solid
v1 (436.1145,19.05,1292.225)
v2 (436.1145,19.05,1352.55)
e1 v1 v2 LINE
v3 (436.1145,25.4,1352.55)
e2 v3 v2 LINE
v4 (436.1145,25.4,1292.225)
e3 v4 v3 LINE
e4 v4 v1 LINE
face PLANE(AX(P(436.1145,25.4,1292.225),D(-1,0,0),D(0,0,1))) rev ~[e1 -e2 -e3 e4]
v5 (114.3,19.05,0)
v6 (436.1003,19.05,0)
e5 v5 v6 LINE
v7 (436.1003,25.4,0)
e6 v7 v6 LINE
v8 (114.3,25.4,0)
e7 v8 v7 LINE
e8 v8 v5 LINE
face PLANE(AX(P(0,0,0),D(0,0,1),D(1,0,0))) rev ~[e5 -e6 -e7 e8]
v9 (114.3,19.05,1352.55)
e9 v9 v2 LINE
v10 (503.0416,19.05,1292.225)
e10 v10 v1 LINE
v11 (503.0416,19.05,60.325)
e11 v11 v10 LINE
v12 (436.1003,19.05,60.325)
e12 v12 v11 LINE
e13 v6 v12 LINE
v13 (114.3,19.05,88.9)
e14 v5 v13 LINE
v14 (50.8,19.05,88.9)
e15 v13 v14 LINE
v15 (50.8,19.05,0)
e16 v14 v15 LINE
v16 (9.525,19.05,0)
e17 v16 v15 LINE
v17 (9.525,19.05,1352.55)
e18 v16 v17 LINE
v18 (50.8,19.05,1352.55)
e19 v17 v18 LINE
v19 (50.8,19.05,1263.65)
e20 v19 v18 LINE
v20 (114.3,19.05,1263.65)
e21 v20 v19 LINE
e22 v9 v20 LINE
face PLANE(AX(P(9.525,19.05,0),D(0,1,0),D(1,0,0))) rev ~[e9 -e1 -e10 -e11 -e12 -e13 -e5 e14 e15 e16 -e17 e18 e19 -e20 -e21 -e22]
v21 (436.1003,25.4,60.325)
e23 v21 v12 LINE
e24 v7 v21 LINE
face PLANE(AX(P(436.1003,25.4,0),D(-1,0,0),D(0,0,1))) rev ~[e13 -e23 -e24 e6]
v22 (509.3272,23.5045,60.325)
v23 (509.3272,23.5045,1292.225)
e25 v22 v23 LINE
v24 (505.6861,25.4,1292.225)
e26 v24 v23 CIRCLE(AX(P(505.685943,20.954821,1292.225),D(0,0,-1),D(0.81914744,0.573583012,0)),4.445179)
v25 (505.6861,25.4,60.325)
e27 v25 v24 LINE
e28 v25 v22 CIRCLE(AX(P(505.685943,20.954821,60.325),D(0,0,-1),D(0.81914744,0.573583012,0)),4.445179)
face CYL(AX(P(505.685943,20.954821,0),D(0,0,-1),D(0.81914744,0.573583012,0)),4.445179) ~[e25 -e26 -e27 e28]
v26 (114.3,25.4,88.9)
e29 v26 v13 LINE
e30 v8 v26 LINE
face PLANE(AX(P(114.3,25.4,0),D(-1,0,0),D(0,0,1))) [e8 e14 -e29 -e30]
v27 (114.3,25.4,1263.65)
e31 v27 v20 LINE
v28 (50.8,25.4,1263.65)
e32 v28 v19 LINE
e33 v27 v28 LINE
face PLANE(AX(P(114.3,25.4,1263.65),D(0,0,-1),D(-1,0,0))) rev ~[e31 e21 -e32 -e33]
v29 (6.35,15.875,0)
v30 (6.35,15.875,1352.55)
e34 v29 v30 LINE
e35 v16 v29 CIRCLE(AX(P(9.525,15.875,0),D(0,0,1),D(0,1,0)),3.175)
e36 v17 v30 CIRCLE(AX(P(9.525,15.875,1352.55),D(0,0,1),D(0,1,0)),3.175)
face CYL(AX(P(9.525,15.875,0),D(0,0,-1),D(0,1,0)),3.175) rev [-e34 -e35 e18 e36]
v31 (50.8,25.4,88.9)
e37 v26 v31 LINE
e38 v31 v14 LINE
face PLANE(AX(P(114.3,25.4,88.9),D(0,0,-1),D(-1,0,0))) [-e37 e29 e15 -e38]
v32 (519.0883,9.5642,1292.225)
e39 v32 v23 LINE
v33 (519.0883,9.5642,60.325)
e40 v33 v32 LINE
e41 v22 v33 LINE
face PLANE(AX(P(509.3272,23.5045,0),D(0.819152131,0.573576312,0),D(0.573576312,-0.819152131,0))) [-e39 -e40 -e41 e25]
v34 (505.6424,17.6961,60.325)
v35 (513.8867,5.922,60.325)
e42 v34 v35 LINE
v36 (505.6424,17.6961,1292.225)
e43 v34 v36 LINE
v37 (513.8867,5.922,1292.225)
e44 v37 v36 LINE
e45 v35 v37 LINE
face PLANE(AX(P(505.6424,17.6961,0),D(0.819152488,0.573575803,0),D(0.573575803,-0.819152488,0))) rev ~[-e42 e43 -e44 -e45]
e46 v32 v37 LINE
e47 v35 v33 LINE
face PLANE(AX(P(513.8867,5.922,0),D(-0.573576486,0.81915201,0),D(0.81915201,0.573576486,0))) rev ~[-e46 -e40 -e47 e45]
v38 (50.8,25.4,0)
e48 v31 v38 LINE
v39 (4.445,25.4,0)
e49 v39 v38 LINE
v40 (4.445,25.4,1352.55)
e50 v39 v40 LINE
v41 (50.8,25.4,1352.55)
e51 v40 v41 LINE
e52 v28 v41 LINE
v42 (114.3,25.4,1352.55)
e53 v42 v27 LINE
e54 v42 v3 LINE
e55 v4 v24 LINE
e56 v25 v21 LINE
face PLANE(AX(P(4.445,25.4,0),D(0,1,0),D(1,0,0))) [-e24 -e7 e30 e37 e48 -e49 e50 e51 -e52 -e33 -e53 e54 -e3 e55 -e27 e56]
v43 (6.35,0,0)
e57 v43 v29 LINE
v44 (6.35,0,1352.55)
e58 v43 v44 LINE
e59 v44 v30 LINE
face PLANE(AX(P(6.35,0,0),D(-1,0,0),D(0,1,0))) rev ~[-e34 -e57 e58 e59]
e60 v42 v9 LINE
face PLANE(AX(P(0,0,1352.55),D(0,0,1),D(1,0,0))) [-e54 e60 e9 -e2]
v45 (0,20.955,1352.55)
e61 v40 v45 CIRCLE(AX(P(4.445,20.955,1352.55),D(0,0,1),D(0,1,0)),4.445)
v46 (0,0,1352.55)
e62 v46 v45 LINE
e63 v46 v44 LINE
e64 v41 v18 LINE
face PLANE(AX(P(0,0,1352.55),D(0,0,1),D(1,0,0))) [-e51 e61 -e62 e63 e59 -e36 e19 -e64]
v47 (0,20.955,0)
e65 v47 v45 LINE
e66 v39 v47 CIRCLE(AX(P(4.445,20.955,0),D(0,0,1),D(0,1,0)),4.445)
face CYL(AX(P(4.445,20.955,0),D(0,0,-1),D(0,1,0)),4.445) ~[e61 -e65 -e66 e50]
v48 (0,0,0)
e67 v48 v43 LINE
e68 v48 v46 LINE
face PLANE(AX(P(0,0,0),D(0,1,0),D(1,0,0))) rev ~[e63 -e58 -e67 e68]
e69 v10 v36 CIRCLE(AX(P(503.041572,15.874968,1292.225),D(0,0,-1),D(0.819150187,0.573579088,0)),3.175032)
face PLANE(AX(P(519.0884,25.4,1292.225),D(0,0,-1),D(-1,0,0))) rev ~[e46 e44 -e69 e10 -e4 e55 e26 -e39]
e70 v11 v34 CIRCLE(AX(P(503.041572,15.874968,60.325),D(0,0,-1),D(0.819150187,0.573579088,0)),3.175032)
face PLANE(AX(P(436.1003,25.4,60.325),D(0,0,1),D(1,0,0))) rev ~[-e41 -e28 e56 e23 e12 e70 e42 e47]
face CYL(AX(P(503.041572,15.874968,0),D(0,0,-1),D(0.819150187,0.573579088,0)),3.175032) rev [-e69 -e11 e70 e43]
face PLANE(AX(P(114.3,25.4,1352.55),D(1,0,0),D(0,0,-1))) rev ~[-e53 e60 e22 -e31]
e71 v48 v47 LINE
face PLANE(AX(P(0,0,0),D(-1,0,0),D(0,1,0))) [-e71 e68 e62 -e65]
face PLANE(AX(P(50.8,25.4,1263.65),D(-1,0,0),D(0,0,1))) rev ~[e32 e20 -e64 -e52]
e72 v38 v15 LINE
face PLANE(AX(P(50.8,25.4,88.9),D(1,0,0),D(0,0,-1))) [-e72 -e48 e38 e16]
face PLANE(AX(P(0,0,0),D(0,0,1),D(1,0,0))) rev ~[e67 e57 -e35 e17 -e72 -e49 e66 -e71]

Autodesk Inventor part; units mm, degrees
ref_plane "YZ Plane" through (0, 0, 0) normal (1, 0, 0) x (0, 1, 0)
ref_plane "XZ Plane" through (0, 0, 0) normal (0, 1, 0) x (-1, 0, 0)
ref_plane "XY Plane" through (0, 0, 0) normal (0, 0, 1) x (1, 0, 0)
sketch "Sketch1" plane through (0, 0, 0) normal (0, 0, 1) x (1, 0, 0)
  line L0 (0, 0) -> (0, 20.955)
  line L1 (4.445, 25.4) -> (505.6861, 25.4)
  line L2 (0, 0) -> (6.35, 0)
  line L3 (6.35, 0) -> (6.35, 15.875)
  line L4 (9.525, 19.05) -> (503.0416, 19.05)
  arc A0 (9.525, 19.05) -> (6.35, 15.875) centre (9.525, 15.875) ccw
  arc A1 (4.445, 25.4) -> (0, 20.955) centre (4.445, 20.955) ccw
  line L5 (509.3272, 23.5045) -> (519.0883, 9.5642)
  line L6 (505.6424, 17.6961) -> (513.8867, 5.922)
  arc A2 (509.3272, 23.5045) -> (505.6861, 25.4) centre (505.6861, 20.955) ccw
  arc A3 (505.6424, 17.6961) -> (503.0416, 19.05) centre (503.0416, 15.875) ccw
  line L7 (513.8867, 5.922) -> (519.0883, 9.5642)
  point P0 (0, 25.4)
  point P1 (508, 25.4)
  point P2 (0, 22.225)
  point P3 (3.175, 25.4)
  dimension "d0" = 508
  dimension "d1" = 25.4
  dimension "d2" = 6.35
  dimension "d3" = 6.35
  dimension "d26" = 90
  dimension "d33" = 4.445
  dimension "d35" = 6.35
  dimension "d36" = 125
  dimension "d37" = 4.445
  dimension "d38" = 3.175
  dimension "d41" = 17.018
extrude "Extrusion4" add sketch "Sketch1" along normal blind 1352.55
sketch "Sketch4" plane through (4.445, 25.4, 0) normal (0, 1, 0) x (1, 0, 0)
  line L0 (0, -1352.55) -> (501.2411, -1352.55) projected
  line L1 (0, 0) -> (501.2411, 0) projected
  line L2 (-4.445, 0) -> (-4.445, -1352.55) projected
  line L3 (514.6433, 0) -> (514.6433, -1352.55) projected
  line L4 (46.355, 0) -> (109.855, 0)
  line L5 (109.855, 0) -> (109.855, -88.9)
  line L6 (109.855, -88.9) -> (46.355, -88.9)
  line L7 (46.355, -88.9) -> (46.355, 0)
  line L8 (46.355, -1352.55) -> (109.855, -1352.55)
  line L9 (109.855, -1352.55) -> (109.855, -1263.65)
  line L10 (109.855, -1263.65) -> (46.355, -1263.65)
  line L11 (46.355, -1263.65) -> (46.355, -1352.55)
  dimension "d44" = 63.5
  dimension "d45" = 88.9
  dimension "d46" = 50.8
  dimension "d47" = 88.9
  dimension "d48" = 50.8
  dimension "d49" = 63.5
extrude "Extrusion5" cut sketch "Sketch4" against normal blind 12.7
sketch "Sketch5" plane through (505.6861, 25.4, 1352.55) normal (0, 1, 0) x (1, 0, 0)
  line L0 (-391.3861, 0) -> (0, 0) projected
  line L1 (-391.3861, 1352.55) -> (0, 1352.55) projected
  line L2 (13.4023, 1352.55) -> (13.4023, 0) projected
  line L3 (-69.5716, 0) -> (14.7564, 0)
  line L4 (14.7564, 0) -> (14.7564, 60.325)
  line L5 (14.7564, 60.325) -> (-69.5716, 60.325)
  line L6 (-69.5716, 60.325) -> (-69.5716, 0)
  line L7 (14.7422, 1352.55) -> (-69.5858, 1352.55)
  line L8 (-69.5858, 1352.55) -> (-69.5858, 1292.225)
  line L9 (-69.5858, 1292.225) -> (14.7422, 1292.225)
  line L10 (14.7422, 1292.225) -> (14.7422, 1352.55)
  point P0 (-505.6861, 1352.55)
  dimension "d52" = 84.328
  dimension "d53" = 60.325
  dimension "d55" = 60.325
  dimension "d56" = 84.328
extrude "Extrusion6" cut sketch "Sketch5" against normal blind 50.8
properties part number "GE-12060"
